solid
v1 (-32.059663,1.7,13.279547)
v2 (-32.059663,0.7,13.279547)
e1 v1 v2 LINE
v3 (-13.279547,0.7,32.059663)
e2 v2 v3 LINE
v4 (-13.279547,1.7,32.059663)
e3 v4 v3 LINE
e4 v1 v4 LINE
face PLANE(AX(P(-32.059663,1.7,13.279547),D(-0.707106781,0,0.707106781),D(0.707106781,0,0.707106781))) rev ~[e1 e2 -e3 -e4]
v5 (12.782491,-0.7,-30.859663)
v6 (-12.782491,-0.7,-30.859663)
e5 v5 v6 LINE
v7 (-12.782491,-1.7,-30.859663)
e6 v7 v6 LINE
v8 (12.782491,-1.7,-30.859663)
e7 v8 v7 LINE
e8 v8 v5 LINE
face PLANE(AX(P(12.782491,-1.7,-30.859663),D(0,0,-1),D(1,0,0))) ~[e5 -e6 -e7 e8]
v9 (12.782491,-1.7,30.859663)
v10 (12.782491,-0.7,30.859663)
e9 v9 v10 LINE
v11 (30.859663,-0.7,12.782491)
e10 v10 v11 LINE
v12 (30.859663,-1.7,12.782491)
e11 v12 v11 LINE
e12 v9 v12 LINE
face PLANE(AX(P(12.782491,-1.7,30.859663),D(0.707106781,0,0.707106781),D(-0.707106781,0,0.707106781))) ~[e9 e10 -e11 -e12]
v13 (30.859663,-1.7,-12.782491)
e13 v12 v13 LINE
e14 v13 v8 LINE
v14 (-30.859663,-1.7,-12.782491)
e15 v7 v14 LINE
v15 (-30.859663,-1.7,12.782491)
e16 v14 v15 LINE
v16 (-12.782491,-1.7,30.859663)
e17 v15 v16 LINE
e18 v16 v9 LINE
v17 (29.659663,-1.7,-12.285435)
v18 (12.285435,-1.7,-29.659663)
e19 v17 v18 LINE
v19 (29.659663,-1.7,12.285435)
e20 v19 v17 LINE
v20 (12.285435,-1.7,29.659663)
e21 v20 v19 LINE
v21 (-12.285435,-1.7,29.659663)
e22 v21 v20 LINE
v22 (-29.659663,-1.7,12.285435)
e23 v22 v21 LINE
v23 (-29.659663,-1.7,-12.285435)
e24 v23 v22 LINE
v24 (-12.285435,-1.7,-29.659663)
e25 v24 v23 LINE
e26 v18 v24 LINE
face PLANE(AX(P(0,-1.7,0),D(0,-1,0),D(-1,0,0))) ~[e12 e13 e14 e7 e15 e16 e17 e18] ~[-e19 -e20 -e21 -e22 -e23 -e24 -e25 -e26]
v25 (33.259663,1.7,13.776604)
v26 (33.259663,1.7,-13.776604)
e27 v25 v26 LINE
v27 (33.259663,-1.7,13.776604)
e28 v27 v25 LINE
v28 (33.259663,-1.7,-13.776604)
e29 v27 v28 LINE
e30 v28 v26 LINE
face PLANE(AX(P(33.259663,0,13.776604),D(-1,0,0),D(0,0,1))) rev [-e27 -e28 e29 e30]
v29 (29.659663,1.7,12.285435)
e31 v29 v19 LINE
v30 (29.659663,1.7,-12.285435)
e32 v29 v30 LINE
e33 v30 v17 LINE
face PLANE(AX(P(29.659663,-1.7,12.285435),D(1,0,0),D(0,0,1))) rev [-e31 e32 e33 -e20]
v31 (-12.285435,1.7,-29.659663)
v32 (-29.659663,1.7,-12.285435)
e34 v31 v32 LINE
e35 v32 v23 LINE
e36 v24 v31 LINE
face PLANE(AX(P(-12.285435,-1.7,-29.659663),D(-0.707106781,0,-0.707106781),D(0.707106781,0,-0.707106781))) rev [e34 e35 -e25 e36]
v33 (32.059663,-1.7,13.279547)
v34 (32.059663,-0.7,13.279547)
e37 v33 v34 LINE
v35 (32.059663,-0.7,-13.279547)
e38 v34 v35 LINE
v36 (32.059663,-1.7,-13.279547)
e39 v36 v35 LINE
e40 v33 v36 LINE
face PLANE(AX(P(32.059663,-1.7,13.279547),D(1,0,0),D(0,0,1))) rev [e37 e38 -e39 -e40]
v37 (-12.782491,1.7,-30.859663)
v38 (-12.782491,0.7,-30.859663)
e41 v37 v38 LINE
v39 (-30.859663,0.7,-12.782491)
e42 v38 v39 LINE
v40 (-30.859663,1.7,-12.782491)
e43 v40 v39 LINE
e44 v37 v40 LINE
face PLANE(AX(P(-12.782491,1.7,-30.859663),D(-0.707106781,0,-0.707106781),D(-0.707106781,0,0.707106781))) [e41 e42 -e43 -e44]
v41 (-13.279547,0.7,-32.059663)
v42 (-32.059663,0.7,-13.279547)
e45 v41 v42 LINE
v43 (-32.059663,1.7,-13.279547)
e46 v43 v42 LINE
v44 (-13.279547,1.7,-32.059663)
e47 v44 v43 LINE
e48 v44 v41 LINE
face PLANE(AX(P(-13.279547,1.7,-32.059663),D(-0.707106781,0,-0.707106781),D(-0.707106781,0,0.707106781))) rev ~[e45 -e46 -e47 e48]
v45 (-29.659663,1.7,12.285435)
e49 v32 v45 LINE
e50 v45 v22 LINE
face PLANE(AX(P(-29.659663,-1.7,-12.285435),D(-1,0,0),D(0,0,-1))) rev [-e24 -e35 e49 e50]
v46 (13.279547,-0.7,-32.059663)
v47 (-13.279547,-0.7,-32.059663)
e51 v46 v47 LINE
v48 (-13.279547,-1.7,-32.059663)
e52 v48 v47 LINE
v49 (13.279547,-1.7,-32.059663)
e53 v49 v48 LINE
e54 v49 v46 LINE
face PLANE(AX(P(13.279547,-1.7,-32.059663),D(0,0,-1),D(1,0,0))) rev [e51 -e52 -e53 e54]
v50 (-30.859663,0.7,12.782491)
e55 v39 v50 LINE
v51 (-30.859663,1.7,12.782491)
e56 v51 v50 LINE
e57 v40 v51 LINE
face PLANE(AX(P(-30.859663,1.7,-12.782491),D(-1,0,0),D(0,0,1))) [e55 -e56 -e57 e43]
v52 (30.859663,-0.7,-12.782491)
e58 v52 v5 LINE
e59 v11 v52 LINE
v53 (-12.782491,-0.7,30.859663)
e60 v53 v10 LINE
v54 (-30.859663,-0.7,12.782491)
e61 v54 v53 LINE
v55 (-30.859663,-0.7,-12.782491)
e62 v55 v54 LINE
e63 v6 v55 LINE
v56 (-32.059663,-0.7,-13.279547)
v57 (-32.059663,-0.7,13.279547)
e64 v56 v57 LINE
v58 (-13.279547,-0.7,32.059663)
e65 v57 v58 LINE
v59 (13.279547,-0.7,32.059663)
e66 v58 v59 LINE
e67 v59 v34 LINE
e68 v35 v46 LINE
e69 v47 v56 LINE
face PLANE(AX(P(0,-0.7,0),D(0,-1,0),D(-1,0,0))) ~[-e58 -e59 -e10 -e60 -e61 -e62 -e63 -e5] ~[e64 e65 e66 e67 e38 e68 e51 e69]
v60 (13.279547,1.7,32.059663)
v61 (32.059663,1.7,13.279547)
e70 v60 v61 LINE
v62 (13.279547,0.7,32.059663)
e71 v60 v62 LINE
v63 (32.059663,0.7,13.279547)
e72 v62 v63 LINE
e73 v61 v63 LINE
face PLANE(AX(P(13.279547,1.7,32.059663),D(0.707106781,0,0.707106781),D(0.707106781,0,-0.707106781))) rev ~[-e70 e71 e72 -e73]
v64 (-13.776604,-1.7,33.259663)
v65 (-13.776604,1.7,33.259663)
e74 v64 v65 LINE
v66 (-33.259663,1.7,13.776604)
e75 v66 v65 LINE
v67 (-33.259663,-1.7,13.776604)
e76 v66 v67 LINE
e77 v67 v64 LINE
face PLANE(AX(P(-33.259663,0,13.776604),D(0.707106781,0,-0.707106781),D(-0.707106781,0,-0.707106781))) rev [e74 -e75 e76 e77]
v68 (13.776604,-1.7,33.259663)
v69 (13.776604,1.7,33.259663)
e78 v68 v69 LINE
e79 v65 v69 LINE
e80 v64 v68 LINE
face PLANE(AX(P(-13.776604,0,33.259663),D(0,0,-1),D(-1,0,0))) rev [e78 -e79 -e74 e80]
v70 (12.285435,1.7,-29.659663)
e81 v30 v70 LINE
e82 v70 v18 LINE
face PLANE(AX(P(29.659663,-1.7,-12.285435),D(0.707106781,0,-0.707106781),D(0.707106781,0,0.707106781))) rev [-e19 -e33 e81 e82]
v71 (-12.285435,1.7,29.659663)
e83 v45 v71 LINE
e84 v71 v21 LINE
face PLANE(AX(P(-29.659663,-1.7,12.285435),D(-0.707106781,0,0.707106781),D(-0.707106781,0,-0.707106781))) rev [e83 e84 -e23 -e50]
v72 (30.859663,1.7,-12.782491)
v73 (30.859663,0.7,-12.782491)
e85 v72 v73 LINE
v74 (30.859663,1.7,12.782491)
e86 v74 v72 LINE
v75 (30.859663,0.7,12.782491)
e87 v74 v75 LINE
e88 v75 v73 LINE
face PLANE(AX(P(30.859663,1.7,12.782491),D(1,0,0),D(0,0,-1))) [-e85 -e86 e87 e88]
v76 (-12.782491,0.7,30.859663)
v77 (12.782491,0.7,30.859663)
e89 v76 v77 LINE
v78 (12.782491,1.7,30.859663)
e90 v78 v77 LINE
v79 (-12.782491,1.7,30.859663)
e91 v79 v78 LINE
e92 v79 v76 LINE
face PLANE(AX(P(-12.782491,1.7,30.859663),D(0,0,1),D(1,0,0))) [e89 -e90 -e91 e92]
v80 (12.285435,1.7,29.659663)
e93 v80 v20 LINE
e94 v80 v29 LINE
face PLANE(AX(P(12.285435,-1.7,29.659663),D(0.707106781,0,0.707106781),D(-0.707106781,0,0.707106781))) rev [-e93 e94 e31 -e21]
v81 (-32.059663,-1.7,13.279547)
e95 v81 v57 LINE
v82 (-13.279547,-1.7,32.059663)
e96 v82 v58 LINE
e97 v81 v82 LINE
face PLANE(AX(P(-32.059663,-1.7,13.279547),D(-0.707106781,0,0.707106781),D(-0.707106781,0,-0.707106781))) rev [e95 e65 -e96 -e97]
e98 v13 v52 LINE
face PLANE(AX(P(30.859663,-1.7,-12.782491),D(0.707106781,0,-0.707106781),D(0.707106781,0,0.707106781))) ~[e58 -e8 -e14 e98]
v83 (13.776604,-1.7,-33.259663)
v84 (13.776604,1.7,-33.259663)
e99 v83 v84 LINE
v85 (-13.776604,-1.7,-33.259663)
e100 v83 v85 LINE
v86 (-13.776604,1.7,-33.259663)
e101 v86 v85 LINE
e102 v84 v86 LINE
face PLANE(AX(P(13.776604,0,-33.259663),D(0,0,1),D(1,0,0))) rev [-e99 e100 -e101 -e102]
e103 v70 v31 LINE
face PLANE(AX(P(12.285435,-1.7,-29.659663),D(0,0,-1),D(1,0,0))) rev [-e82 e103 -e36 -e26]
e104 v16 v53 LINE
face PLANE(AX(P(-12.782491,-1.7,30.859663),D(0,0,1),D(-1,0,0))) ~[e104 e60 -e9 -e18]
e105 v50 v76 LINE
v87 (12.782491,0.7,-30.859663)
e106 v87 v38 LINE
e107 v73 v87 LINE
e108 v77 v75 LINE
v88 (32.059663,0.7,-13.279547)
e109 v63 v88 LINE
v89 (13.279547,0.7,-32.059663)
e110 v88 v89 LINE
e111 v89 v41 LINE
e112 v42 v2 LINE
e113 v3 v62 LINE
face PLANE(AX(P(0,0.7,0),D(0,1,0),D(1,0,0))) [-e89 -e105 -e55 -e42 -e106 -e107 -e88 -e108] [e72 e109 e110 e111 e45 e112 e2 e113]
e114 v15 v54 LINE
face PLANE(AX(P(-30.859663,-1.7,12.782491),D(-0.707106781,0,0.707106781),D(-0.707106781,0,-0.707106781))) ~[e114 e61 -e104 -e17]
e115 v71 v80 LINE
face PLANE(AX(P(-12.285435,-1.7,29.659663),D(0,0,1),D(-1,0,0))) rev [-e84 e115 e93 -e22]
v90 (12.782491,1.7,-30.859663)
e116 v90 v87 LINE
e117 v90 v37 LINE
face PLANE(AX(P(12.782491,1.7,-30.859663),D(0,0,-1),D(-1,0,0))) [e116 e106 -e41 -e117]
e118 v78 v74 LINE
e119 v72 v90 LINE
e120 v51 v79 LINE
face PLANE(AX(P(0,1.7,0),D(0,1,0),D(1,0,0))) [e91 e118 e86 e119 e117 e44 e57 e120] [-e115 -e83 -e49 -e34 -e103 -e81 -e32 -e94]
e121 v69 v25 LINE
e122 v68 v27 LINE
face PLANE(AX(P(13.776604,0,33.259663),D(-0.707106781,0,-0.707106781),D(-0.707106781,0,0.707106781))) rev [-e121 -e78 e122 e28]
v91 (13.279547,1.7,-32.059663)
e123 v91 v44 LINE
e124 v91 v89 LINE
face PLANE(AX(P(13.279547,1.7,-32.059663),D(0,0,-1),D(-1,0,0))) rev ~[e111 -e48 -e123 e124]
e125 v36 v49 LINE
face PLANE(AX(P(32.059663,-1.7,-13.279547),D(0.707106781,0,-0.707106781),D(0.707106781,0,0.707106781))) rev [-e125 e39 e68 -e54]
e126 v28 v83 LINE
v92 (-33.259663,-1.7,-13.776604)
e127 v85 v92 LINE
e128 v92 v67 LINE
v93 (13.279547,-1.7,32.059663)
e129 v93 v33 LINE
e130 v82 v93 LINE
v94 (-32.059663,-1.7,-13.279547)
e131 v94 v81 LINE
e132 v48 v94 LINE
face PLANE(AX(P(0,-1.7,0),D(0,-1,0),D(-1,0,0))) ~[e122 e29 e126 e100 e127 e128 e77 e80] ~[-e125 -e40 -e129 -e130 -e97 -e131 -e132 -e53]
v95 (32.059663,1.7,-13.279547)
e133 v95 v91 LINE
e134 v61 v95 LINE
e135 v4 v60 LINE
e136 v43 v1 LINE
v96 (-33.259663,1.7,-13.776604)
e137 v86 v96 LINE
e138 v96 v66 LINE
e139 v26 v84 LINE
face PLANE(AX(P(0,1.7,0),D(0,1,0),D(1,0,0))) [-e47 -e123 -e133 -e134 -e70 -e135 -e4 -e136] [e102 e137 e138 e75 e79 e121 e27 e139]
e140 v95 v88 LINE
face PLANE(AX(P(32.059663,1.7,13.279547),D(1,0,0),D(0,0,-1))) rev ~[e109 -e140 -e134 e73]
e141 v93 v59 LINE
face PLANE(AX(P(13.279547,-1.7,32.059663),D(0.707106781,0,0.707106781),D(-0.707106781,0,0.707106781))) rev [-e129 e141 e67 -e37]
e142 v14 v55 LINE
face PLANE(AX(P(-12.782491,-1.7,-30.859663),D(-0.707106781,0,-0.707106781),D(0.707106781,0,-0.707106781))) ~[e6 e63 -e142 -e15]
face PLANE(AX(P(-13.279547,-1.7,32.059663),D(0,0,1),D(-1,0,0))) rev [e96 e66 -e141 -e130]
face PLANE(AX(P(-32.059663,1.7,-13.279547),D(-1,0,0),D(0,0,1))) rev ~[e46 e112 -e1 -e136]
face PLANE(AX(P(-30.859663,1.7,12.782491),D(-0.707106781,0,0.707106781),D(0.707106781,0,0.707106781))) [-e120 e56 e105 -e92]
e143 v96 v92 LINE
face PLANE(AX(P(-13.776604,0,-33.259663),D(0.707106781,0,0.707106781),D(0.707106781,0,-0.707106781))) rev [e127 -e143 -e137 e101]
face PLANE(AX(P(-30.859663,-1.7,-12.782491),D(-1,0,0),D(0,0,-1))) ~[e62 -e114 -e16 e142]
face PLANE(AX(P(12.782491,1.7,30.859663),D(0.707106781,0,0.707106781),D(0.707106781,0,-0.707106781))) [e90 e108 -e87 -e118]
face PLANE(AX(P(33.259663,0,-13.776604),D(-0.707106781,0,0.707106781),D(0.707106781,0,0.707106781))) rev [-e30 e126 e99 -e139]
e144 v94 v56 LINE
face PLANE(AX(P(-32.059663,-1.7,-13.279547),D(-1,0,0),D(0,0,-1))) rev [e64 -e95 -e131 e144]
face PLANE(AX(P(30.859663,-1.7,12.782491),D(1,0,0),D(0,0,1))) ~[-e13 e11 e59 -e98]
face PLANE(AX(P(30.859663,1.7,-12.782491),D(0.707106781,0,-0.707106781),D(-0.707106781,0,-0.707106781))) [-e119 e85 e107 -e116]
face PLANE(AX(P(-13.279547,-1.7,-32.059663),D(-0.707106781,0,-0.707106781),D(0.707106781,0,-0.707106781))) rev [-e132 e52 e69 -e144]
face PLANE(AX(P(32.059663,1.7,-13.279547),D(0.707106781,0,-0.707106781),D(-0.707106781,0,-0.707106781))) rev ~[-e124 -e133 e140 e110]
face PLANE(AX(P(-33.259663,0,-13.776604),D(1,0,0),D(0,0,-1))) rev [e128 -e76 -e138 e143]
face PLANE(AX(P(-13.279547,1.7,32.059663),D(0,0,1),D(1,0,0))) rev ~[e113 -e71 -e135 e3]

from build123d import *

# Parameters (mm, degrees)
EXTRUDE_1_DEPTH     = 1.7
CUT_EXTRUDE_3_DEPTH = 1
CUT_EXTRUDE_4_DEPTH = 2.7


with BuildPart() as part:
    # 스케치1 → 보스-돌출1 (new body)
    with BuildSketch(Plane(origin=(0, 0, 0), x_dir=(1, 0, 0), z_dir=(0, 1, 0))):
        Polygon((-33.25966317, -13.776603565), (-13.776603565, -33.25966317), (13.776603565, -33.25966317), (33.25966317, -13.776603565), (33.25966317, 13.776603565), (13.776603565, 33.25966317), (-13.776603565, 33.25966317), (-33.25966317, 13.776603565), align=None)
        Polygon((-13.27954729, -32.05966317), (13.27954729, -32.05966317), (32.05966317, -13.27954729), (32.05966317, 13.27954729), (13.27954729, 32.05966317), (-13.27954729, 32.05966317), (-32.05966317, 13.27954729), (-32.05966317, -13.27954729), align=None, mode=Mode.SUBTRACT)
        Polygon((-32.05966317, -13.27954729), (-13.27954729, -32.05966317), (13.27954729, -32.05966317), (32.05966317, -13.27954729), (32.05966317, 13.27954729), (13.27954729, 32.05966317), (-13.27954729, 32.05966317), (-32.05966317, 13.27954729), align=None)
        Polygon((-12.782491015, -30.85966317), (12.782491015, -30.85966317), (30.85966317, -12.782491015), (30.85966317, 12.782491015), (12.782491015, 30.85966317), (-12.782491015, 30.85966317), (-30.85966317, 12.782491015), (-30.85966317, -12.782491015), align=None, mode=Mode.SUBTRACT)
        Polygon((-30.85966317, -12.782491015), (-12.782491015, -30.85966317), (12.782491015, -30.85966317), (30.85966317, -12.782491015), (30.85966317, 12.782491015), (12.782491015, 30.85966317), (-12.782491015, 30.85966317), (-30.85966317, 12.782491015), align=None)
    extrude_1 = extrude(amount=EXTRUDE_1_DEPTH)

    # 스케치2 → 컷-돌출3 (cut)
    with BuildSketch(Plane(origin=(0, 1.7, 0), x_dir=(1, 0, 0), z_dir=(0, 1, 0))):
        Polygon((-32.05966317, -13.27954729), (-13.27954729, -32.05966317), (13.27954729, -32.05966317), (32.05966317, -13.27954729), (32.05966317, 13.27954729), (13.27954729, 32.05966317), (-13.27954729, 32.05966317), (-32.05966317, 13.27954729), align=None)
        Polygon((-30.85966317, -12.782491015), (-12.782491015, -30.85966317), (12.782491015, -30.85966317), (30.85966317, -12.782491015), (30.85966317, 12.782491015), (12.782491015, 30.85966317), (-12.782491015, 30.85966317), (-30.85966317, 12.782491015), align=None, mode=Mode.SUBTRACT)
    cut_extrude_3 = extrude(amount=-CUT_EXTRUDE_3_DEPTH, mode=Mode.SUBTRACT)

    # 스케치3 → 컷-돌출4 (cut, through all)
    with BuildSketch(Plane(origin=(0, 1.7, 0), x_dir=(1, 0, 0), z_dir=(0, 1, 0))):
        Polygon((-12.285434741, 29.65966317), (-29.65966317, 12.285434741), (-29.65966317, -12.285434741), (-12.285434741, -29.65966317), (12.285434741, -29.65966317), (29.65966317, -12.285434741), (29.65966317, 12.285434741), (12.285434741, 29.65966317), align=None)
    cut_extrude_4 = extrude(amount=-CUT_EXTRUDE_4_DEPTH, mode=Mode.SUBTRACT)

    # 대칭 복사1: 보스-돌출1, 컷-돌출3, 컷-돌출4 across plane
    add(extrude_1.mirror(Plane.ZX))
    add(cut_extrude_3.mirror(Plane.ZX), mode=Mode.SUBTRACT)
    add(cut_extrude_4.mirror(Plane.ZX), mode=Mode.SUBTRACT)


solid = part.part
